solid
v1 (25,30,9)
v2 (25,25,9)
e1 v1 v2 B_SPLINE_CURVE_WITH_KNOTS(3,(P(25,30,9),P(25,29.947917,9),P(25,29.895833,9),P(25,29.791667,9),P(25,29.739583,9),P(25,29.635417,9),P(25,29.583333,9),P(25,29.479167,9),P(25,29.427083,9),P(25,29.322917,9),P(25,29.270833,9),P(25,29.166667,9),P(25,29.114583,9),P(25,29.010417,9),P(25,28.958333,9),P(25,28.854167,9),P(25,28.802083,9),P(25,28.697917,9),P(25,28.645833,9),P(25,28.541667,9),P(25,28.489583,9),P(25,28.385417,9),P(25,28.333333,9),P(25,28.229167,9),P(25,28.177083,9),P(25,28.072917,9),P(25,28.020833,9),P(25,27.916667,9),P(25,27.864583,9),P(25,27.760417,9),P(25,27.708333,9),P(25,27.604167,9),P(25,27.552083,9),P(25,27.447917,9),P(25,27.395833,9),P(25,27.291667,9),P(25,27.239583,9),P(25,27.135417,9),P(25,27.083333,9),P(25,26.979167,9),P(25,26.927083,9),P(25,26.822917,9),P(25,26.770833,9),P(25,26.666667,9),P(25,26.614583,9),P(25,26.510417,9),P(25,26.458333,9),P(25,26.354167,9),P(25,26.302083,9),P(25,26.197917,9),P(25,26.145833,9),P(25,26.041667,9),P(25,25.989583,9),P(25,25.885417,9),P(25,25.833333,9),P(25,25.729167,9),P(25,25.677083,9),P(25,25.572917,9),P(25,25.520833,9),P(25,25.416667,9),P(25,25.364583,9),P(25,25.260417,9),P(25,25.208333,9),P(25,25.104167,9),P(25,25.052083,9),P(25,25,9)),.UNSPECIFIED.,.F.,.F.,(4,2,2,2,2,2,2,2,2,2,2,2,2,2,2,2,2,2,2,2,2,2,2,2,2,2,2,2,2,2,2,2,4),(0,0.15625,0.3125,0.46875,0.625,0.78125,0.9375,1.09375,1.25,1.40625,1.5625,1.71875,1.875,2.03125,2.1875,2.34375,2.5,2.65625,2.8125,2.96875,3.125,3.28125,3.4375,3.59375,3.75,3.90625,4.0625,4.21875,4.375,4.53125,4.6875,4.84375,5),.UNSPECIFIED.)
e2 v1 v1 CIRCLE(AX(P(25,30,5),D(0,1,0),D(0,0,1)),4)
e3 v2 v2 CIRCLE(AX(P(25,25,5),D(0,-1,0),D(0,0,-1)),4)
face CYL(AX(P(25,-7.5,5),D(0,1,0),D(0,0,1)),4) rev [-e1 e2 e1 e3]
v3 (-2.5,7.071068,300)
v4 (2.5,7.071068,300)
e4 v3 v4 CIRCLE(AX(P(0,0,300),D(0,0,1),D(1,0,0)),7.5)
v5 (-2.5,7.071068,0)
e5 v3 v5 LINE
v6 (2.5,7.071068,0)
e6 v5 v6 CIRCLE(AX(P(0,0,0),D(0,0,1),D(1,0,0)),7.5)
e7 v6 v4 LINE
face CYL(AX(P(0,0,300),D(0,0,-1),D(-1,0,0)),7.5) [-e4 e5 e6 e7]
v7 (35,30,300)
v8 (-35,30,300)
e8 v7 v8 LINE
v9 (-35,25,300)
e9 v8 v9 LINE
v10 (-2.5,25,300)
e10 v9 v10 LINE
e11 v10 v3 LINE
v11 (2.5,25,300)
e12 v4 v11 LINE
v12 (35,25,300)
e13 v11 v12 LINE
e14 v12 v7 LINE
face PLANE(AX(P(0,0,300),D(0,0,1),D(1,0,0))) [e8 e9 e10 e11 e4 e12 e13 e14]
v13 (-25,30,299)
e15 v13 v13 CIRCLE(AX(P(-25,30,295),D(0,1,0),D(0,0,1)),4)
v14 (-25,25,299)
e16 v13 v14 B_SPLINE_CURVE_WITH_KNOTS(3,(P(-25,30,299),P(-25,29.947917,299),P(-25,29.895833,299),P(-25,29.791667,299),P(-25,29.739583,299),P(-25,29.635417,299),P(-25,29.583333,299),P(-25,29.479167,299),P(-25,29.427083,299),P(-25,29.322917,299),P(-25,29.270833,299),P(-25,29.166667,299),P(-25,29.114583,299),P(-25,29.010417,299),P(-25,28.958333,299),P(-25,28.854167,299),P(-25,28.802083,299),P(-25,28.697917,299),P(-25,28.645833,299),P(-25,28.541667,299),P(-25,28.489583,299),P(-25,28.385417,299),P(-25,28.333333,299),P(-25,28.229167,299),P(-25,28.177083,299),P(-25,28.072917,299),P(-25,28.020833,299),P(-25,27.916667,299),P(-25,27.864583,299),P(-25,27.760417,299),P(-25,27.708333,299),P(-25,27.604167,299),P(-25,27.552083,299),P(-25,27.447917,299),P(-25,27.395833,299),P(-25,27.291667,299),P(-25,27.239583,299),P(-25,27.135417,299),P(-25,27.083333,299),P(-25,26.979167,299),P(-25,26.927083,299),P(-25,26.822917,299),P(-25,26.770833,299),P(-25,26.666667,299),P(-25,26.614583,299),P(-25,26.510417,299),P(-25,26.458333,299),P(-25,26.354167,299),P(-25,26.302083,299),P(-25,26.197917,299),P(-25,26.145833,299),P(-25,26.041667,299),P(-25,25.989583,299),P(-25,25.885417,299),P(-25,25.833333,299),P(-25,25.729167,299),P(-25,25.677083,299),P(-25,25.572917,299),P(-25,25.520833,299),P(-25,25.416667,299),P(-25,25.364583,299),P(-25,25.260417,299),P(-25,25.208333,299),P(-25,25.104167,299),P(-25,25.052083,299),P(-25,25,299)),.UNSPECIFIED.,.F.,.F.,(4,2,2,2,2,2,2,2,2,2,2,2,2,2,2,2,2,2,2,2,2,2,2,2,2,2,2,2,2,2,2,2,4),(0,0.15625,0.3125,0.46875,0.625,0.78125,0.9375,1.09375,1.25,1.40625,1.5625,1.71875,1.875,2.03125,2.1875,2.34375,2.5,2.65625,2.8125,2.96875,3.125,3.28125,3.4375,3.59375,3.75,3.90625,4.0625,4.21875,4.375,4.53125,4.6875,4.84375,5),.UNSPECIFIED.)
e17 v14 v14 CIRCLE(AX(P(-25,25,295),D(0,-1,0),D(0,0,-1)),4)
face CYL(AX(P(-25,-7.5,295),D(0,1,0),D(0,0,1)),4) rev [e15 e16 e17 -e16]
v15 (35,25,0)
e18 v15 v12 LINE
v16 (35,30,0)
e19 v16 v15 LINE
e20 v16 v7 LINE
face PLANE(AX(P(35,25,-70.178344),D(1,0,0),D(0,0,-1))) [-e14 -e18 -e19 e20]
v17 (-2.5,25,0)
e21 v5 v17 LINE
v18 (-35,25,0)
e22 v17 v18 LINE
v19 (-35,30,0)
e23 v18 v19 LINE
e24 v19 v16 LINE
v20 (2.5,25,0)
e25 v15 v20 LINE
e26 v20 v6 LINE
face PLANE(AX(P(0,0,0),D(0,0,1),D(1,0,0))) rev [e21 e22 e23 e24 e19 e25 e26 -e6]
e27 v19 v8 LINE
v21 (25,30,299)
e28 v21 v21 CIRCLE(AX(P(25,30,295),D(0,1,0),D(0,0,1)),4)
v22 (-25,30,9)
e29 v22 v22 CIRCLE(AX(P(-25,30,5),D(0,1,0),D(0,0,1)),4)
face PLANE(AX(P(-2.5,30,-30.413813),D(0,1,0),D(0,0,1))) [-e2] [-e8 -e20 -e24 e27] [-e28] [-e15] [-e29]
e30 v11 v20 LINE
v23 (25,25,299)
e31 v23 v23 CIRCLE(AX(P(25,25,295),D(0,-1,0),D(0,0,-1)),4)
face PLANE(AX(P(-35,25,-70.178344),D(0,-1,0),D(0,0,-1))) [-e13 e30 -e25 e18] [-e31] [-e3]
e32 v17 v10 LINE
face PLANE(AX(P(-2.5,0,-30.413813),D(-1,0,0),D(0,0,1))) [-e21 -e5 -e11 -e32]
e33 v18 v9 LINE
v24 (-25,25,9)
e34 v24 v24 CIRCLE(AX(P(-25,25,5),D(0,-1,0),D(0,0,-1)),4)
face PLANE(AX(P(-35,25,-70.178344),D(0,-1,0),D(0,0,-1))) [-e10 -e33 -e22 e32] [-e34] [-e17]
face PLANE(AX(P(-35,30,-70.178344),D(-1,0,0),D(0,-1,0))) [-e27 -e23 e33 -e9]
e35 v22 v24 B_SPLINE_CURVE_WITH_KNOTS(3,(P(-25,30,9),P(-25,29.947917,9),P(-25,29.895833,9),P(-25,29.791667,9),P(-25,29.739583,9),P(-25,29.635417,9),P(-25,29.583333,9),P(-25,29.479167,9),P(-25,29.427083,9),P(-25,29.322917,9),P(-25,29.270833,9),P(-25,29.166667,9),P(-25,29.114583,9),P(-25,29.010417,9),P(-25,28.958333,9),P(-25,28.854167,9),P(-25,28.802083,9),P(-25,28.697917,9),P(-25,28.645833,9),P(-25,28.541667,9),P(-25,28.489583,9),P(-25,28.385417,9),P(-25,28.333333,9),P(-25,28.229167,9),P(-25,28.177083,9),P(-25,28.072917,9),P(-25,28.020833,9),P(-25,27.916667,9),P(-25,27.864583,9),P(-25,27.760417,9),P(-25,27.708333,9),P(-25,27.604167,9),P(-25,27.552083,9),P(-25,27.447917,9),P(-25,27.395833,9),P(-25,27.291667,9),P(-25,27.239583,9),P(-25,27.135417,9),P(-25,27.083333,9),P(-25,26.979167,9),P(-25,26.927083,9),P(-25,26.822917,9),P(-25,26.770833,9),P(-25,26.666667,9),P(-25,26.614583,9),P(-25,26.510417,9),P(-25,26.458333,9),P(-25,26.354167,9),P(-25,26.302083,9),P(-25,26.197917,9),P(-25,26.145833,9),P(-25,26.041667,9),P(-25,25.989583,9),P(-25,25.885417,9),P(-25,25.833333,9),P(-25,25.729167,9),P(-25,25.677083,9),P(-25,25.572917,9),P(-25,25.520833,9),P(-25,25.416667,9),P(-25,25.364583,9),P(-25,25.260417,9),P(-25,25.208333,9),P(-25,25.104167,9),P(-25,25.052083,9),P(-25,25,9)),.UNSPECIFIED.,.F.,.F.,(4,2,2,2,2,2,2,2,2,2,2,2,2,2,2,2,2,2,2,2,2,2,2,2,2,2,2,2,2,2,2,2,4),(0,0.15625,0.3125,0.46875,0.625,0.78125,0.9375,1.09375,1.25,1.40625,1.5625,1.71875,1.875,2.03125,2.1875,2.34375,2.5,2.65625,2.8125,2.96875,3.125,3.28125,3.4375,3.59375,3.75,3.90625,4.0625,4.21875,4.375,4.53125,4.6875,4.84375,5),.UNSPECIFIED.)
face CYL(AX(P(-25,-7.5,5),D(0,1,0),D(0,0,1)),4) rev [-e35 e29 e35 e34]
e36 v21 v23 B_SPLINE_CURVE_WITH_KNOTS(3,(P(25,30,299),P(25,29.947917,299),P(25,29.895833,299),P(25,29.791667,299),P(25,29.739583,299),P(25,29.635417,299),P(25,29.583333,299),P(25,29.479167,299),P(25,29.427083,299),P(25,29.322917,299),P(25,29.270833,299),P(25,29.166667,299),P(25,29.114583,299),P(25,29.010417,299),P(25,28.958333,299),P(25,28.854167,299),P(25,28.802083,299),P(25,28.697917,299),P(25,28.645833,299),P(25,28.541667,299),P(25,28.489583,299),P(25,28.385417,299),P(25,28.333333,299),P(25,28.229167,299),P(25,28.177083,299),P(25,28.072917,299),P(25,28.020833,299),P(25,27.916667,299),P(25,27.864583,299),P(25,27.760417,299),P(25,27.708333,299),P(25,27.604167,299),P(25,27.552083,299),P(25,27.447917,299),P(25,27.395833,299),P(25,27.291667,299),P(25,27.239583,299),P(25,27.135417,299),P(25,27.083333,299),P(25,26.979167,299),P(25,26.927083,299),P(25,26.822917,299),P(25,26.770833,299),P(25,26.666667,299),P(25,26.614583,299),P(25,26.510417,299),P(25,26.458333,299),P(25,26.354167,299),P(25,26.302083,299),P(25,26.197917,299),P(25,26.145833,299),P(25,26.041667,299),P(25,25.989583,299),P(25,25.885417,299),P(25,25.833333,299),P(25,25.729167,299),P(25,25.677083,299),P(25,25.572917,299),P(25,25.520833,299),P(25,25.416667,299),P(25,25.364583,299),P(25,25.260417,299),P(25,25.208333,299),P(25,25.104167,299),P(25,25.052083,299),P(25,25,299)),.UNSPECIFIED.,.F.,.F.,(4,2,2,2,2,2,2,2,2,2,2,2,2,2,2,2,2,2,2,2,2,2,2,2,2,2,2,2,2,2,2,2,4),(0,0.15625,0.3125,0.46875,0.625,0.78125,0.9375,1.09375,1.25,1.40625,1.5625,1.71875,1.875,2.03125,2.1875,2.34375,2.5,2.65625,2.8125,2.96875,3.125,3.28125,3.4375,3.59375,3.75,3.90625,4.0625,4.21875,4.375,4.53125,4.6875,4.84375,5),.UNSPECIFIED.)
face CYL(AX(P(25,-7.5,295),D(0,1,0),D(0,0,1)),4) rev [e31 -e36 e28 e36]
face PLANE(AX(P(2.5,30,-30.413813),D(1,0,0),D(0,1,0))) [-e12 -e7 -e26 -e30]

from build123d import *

# Parameters (mm, degrees)
SKETCH1_R               = 7.5
BOSS_EXTRUDE1_DEPTH     = 300
SKETCH3_W               = 5
SKETCH3_H               = 30
BOSS_EXTRUDE2_DEPTH     = 300
SKETCH4_W               = 70
SKETCH4_H               = 5
BOSS_EXTRUDE3_DEPTH     = 300
CUT_EXTRUDE1_DEPTH      = 305.353823699
CUT_EXTRUDE1_DEPTH_BACK = 305.353823699
SKETCH6_R               = 4


with BuildPart() as part:
    # Sketch1 → Boss-Extrude1 (new body)
    with BuildSketch(Plane.XY):
        Circle(SKETCH1_R)
    extrude(amount=BOSS_EXTRUDE1_DEPTH)

    # Sketch3 → Boss-Extrude2 (add)
    with BuildSketch(Plane.XY.offset(300)):
        with Locations((0, 15)):
            Rectangle(SKETCH3_W, SKETCH3_H)
    extrude(amount=-BOSS_EXTRUDE2_DEPTH)

    # Sketch4 → Boss-Extrude3 (add)
    with BuildSketch(Plane.XY.offset(300)):
        with Locations((0, 27.5)):
            Rectangle(SKETCH4_W, SKETCH4_H)
    extrude(amount=-BOSS_EXTRUDE3_DEPTH)

    # Sketch6 → Cut-Extrude1 (cut, two sides: drawn at the far end of the back side and taken through both)
    with BuildSketch(Plane(origin=(0, 30, 0), x_dir=(1, 0, 0), z_dir=(0, 1, 0)).offset(-CUT_EXTRUDE1_DEPTH_BACK)):
        with Locations(Location((-25, -5, 0), (0, 0, 270))):
            Circle(SKETCH6_R)
        with Locations(Location((25, -5, 0), (0, 0, 270))):
            Circle(SKETCH6_R)
        with Locations(Location((25, -295, 0), (0, 0, 270))):
            Circle(SKETCH6_R)
        with Locations(Location((-25, -295, 0), (0, 0, 270))):
            Circle(SKETCH6_R)
    extrude(amount=CUT_EXTRUDE1_DEPTH + CUT_EXTRUDE1_DEPTH_BACK, mode=Mode.SUBTRACT)


solid = part.part
